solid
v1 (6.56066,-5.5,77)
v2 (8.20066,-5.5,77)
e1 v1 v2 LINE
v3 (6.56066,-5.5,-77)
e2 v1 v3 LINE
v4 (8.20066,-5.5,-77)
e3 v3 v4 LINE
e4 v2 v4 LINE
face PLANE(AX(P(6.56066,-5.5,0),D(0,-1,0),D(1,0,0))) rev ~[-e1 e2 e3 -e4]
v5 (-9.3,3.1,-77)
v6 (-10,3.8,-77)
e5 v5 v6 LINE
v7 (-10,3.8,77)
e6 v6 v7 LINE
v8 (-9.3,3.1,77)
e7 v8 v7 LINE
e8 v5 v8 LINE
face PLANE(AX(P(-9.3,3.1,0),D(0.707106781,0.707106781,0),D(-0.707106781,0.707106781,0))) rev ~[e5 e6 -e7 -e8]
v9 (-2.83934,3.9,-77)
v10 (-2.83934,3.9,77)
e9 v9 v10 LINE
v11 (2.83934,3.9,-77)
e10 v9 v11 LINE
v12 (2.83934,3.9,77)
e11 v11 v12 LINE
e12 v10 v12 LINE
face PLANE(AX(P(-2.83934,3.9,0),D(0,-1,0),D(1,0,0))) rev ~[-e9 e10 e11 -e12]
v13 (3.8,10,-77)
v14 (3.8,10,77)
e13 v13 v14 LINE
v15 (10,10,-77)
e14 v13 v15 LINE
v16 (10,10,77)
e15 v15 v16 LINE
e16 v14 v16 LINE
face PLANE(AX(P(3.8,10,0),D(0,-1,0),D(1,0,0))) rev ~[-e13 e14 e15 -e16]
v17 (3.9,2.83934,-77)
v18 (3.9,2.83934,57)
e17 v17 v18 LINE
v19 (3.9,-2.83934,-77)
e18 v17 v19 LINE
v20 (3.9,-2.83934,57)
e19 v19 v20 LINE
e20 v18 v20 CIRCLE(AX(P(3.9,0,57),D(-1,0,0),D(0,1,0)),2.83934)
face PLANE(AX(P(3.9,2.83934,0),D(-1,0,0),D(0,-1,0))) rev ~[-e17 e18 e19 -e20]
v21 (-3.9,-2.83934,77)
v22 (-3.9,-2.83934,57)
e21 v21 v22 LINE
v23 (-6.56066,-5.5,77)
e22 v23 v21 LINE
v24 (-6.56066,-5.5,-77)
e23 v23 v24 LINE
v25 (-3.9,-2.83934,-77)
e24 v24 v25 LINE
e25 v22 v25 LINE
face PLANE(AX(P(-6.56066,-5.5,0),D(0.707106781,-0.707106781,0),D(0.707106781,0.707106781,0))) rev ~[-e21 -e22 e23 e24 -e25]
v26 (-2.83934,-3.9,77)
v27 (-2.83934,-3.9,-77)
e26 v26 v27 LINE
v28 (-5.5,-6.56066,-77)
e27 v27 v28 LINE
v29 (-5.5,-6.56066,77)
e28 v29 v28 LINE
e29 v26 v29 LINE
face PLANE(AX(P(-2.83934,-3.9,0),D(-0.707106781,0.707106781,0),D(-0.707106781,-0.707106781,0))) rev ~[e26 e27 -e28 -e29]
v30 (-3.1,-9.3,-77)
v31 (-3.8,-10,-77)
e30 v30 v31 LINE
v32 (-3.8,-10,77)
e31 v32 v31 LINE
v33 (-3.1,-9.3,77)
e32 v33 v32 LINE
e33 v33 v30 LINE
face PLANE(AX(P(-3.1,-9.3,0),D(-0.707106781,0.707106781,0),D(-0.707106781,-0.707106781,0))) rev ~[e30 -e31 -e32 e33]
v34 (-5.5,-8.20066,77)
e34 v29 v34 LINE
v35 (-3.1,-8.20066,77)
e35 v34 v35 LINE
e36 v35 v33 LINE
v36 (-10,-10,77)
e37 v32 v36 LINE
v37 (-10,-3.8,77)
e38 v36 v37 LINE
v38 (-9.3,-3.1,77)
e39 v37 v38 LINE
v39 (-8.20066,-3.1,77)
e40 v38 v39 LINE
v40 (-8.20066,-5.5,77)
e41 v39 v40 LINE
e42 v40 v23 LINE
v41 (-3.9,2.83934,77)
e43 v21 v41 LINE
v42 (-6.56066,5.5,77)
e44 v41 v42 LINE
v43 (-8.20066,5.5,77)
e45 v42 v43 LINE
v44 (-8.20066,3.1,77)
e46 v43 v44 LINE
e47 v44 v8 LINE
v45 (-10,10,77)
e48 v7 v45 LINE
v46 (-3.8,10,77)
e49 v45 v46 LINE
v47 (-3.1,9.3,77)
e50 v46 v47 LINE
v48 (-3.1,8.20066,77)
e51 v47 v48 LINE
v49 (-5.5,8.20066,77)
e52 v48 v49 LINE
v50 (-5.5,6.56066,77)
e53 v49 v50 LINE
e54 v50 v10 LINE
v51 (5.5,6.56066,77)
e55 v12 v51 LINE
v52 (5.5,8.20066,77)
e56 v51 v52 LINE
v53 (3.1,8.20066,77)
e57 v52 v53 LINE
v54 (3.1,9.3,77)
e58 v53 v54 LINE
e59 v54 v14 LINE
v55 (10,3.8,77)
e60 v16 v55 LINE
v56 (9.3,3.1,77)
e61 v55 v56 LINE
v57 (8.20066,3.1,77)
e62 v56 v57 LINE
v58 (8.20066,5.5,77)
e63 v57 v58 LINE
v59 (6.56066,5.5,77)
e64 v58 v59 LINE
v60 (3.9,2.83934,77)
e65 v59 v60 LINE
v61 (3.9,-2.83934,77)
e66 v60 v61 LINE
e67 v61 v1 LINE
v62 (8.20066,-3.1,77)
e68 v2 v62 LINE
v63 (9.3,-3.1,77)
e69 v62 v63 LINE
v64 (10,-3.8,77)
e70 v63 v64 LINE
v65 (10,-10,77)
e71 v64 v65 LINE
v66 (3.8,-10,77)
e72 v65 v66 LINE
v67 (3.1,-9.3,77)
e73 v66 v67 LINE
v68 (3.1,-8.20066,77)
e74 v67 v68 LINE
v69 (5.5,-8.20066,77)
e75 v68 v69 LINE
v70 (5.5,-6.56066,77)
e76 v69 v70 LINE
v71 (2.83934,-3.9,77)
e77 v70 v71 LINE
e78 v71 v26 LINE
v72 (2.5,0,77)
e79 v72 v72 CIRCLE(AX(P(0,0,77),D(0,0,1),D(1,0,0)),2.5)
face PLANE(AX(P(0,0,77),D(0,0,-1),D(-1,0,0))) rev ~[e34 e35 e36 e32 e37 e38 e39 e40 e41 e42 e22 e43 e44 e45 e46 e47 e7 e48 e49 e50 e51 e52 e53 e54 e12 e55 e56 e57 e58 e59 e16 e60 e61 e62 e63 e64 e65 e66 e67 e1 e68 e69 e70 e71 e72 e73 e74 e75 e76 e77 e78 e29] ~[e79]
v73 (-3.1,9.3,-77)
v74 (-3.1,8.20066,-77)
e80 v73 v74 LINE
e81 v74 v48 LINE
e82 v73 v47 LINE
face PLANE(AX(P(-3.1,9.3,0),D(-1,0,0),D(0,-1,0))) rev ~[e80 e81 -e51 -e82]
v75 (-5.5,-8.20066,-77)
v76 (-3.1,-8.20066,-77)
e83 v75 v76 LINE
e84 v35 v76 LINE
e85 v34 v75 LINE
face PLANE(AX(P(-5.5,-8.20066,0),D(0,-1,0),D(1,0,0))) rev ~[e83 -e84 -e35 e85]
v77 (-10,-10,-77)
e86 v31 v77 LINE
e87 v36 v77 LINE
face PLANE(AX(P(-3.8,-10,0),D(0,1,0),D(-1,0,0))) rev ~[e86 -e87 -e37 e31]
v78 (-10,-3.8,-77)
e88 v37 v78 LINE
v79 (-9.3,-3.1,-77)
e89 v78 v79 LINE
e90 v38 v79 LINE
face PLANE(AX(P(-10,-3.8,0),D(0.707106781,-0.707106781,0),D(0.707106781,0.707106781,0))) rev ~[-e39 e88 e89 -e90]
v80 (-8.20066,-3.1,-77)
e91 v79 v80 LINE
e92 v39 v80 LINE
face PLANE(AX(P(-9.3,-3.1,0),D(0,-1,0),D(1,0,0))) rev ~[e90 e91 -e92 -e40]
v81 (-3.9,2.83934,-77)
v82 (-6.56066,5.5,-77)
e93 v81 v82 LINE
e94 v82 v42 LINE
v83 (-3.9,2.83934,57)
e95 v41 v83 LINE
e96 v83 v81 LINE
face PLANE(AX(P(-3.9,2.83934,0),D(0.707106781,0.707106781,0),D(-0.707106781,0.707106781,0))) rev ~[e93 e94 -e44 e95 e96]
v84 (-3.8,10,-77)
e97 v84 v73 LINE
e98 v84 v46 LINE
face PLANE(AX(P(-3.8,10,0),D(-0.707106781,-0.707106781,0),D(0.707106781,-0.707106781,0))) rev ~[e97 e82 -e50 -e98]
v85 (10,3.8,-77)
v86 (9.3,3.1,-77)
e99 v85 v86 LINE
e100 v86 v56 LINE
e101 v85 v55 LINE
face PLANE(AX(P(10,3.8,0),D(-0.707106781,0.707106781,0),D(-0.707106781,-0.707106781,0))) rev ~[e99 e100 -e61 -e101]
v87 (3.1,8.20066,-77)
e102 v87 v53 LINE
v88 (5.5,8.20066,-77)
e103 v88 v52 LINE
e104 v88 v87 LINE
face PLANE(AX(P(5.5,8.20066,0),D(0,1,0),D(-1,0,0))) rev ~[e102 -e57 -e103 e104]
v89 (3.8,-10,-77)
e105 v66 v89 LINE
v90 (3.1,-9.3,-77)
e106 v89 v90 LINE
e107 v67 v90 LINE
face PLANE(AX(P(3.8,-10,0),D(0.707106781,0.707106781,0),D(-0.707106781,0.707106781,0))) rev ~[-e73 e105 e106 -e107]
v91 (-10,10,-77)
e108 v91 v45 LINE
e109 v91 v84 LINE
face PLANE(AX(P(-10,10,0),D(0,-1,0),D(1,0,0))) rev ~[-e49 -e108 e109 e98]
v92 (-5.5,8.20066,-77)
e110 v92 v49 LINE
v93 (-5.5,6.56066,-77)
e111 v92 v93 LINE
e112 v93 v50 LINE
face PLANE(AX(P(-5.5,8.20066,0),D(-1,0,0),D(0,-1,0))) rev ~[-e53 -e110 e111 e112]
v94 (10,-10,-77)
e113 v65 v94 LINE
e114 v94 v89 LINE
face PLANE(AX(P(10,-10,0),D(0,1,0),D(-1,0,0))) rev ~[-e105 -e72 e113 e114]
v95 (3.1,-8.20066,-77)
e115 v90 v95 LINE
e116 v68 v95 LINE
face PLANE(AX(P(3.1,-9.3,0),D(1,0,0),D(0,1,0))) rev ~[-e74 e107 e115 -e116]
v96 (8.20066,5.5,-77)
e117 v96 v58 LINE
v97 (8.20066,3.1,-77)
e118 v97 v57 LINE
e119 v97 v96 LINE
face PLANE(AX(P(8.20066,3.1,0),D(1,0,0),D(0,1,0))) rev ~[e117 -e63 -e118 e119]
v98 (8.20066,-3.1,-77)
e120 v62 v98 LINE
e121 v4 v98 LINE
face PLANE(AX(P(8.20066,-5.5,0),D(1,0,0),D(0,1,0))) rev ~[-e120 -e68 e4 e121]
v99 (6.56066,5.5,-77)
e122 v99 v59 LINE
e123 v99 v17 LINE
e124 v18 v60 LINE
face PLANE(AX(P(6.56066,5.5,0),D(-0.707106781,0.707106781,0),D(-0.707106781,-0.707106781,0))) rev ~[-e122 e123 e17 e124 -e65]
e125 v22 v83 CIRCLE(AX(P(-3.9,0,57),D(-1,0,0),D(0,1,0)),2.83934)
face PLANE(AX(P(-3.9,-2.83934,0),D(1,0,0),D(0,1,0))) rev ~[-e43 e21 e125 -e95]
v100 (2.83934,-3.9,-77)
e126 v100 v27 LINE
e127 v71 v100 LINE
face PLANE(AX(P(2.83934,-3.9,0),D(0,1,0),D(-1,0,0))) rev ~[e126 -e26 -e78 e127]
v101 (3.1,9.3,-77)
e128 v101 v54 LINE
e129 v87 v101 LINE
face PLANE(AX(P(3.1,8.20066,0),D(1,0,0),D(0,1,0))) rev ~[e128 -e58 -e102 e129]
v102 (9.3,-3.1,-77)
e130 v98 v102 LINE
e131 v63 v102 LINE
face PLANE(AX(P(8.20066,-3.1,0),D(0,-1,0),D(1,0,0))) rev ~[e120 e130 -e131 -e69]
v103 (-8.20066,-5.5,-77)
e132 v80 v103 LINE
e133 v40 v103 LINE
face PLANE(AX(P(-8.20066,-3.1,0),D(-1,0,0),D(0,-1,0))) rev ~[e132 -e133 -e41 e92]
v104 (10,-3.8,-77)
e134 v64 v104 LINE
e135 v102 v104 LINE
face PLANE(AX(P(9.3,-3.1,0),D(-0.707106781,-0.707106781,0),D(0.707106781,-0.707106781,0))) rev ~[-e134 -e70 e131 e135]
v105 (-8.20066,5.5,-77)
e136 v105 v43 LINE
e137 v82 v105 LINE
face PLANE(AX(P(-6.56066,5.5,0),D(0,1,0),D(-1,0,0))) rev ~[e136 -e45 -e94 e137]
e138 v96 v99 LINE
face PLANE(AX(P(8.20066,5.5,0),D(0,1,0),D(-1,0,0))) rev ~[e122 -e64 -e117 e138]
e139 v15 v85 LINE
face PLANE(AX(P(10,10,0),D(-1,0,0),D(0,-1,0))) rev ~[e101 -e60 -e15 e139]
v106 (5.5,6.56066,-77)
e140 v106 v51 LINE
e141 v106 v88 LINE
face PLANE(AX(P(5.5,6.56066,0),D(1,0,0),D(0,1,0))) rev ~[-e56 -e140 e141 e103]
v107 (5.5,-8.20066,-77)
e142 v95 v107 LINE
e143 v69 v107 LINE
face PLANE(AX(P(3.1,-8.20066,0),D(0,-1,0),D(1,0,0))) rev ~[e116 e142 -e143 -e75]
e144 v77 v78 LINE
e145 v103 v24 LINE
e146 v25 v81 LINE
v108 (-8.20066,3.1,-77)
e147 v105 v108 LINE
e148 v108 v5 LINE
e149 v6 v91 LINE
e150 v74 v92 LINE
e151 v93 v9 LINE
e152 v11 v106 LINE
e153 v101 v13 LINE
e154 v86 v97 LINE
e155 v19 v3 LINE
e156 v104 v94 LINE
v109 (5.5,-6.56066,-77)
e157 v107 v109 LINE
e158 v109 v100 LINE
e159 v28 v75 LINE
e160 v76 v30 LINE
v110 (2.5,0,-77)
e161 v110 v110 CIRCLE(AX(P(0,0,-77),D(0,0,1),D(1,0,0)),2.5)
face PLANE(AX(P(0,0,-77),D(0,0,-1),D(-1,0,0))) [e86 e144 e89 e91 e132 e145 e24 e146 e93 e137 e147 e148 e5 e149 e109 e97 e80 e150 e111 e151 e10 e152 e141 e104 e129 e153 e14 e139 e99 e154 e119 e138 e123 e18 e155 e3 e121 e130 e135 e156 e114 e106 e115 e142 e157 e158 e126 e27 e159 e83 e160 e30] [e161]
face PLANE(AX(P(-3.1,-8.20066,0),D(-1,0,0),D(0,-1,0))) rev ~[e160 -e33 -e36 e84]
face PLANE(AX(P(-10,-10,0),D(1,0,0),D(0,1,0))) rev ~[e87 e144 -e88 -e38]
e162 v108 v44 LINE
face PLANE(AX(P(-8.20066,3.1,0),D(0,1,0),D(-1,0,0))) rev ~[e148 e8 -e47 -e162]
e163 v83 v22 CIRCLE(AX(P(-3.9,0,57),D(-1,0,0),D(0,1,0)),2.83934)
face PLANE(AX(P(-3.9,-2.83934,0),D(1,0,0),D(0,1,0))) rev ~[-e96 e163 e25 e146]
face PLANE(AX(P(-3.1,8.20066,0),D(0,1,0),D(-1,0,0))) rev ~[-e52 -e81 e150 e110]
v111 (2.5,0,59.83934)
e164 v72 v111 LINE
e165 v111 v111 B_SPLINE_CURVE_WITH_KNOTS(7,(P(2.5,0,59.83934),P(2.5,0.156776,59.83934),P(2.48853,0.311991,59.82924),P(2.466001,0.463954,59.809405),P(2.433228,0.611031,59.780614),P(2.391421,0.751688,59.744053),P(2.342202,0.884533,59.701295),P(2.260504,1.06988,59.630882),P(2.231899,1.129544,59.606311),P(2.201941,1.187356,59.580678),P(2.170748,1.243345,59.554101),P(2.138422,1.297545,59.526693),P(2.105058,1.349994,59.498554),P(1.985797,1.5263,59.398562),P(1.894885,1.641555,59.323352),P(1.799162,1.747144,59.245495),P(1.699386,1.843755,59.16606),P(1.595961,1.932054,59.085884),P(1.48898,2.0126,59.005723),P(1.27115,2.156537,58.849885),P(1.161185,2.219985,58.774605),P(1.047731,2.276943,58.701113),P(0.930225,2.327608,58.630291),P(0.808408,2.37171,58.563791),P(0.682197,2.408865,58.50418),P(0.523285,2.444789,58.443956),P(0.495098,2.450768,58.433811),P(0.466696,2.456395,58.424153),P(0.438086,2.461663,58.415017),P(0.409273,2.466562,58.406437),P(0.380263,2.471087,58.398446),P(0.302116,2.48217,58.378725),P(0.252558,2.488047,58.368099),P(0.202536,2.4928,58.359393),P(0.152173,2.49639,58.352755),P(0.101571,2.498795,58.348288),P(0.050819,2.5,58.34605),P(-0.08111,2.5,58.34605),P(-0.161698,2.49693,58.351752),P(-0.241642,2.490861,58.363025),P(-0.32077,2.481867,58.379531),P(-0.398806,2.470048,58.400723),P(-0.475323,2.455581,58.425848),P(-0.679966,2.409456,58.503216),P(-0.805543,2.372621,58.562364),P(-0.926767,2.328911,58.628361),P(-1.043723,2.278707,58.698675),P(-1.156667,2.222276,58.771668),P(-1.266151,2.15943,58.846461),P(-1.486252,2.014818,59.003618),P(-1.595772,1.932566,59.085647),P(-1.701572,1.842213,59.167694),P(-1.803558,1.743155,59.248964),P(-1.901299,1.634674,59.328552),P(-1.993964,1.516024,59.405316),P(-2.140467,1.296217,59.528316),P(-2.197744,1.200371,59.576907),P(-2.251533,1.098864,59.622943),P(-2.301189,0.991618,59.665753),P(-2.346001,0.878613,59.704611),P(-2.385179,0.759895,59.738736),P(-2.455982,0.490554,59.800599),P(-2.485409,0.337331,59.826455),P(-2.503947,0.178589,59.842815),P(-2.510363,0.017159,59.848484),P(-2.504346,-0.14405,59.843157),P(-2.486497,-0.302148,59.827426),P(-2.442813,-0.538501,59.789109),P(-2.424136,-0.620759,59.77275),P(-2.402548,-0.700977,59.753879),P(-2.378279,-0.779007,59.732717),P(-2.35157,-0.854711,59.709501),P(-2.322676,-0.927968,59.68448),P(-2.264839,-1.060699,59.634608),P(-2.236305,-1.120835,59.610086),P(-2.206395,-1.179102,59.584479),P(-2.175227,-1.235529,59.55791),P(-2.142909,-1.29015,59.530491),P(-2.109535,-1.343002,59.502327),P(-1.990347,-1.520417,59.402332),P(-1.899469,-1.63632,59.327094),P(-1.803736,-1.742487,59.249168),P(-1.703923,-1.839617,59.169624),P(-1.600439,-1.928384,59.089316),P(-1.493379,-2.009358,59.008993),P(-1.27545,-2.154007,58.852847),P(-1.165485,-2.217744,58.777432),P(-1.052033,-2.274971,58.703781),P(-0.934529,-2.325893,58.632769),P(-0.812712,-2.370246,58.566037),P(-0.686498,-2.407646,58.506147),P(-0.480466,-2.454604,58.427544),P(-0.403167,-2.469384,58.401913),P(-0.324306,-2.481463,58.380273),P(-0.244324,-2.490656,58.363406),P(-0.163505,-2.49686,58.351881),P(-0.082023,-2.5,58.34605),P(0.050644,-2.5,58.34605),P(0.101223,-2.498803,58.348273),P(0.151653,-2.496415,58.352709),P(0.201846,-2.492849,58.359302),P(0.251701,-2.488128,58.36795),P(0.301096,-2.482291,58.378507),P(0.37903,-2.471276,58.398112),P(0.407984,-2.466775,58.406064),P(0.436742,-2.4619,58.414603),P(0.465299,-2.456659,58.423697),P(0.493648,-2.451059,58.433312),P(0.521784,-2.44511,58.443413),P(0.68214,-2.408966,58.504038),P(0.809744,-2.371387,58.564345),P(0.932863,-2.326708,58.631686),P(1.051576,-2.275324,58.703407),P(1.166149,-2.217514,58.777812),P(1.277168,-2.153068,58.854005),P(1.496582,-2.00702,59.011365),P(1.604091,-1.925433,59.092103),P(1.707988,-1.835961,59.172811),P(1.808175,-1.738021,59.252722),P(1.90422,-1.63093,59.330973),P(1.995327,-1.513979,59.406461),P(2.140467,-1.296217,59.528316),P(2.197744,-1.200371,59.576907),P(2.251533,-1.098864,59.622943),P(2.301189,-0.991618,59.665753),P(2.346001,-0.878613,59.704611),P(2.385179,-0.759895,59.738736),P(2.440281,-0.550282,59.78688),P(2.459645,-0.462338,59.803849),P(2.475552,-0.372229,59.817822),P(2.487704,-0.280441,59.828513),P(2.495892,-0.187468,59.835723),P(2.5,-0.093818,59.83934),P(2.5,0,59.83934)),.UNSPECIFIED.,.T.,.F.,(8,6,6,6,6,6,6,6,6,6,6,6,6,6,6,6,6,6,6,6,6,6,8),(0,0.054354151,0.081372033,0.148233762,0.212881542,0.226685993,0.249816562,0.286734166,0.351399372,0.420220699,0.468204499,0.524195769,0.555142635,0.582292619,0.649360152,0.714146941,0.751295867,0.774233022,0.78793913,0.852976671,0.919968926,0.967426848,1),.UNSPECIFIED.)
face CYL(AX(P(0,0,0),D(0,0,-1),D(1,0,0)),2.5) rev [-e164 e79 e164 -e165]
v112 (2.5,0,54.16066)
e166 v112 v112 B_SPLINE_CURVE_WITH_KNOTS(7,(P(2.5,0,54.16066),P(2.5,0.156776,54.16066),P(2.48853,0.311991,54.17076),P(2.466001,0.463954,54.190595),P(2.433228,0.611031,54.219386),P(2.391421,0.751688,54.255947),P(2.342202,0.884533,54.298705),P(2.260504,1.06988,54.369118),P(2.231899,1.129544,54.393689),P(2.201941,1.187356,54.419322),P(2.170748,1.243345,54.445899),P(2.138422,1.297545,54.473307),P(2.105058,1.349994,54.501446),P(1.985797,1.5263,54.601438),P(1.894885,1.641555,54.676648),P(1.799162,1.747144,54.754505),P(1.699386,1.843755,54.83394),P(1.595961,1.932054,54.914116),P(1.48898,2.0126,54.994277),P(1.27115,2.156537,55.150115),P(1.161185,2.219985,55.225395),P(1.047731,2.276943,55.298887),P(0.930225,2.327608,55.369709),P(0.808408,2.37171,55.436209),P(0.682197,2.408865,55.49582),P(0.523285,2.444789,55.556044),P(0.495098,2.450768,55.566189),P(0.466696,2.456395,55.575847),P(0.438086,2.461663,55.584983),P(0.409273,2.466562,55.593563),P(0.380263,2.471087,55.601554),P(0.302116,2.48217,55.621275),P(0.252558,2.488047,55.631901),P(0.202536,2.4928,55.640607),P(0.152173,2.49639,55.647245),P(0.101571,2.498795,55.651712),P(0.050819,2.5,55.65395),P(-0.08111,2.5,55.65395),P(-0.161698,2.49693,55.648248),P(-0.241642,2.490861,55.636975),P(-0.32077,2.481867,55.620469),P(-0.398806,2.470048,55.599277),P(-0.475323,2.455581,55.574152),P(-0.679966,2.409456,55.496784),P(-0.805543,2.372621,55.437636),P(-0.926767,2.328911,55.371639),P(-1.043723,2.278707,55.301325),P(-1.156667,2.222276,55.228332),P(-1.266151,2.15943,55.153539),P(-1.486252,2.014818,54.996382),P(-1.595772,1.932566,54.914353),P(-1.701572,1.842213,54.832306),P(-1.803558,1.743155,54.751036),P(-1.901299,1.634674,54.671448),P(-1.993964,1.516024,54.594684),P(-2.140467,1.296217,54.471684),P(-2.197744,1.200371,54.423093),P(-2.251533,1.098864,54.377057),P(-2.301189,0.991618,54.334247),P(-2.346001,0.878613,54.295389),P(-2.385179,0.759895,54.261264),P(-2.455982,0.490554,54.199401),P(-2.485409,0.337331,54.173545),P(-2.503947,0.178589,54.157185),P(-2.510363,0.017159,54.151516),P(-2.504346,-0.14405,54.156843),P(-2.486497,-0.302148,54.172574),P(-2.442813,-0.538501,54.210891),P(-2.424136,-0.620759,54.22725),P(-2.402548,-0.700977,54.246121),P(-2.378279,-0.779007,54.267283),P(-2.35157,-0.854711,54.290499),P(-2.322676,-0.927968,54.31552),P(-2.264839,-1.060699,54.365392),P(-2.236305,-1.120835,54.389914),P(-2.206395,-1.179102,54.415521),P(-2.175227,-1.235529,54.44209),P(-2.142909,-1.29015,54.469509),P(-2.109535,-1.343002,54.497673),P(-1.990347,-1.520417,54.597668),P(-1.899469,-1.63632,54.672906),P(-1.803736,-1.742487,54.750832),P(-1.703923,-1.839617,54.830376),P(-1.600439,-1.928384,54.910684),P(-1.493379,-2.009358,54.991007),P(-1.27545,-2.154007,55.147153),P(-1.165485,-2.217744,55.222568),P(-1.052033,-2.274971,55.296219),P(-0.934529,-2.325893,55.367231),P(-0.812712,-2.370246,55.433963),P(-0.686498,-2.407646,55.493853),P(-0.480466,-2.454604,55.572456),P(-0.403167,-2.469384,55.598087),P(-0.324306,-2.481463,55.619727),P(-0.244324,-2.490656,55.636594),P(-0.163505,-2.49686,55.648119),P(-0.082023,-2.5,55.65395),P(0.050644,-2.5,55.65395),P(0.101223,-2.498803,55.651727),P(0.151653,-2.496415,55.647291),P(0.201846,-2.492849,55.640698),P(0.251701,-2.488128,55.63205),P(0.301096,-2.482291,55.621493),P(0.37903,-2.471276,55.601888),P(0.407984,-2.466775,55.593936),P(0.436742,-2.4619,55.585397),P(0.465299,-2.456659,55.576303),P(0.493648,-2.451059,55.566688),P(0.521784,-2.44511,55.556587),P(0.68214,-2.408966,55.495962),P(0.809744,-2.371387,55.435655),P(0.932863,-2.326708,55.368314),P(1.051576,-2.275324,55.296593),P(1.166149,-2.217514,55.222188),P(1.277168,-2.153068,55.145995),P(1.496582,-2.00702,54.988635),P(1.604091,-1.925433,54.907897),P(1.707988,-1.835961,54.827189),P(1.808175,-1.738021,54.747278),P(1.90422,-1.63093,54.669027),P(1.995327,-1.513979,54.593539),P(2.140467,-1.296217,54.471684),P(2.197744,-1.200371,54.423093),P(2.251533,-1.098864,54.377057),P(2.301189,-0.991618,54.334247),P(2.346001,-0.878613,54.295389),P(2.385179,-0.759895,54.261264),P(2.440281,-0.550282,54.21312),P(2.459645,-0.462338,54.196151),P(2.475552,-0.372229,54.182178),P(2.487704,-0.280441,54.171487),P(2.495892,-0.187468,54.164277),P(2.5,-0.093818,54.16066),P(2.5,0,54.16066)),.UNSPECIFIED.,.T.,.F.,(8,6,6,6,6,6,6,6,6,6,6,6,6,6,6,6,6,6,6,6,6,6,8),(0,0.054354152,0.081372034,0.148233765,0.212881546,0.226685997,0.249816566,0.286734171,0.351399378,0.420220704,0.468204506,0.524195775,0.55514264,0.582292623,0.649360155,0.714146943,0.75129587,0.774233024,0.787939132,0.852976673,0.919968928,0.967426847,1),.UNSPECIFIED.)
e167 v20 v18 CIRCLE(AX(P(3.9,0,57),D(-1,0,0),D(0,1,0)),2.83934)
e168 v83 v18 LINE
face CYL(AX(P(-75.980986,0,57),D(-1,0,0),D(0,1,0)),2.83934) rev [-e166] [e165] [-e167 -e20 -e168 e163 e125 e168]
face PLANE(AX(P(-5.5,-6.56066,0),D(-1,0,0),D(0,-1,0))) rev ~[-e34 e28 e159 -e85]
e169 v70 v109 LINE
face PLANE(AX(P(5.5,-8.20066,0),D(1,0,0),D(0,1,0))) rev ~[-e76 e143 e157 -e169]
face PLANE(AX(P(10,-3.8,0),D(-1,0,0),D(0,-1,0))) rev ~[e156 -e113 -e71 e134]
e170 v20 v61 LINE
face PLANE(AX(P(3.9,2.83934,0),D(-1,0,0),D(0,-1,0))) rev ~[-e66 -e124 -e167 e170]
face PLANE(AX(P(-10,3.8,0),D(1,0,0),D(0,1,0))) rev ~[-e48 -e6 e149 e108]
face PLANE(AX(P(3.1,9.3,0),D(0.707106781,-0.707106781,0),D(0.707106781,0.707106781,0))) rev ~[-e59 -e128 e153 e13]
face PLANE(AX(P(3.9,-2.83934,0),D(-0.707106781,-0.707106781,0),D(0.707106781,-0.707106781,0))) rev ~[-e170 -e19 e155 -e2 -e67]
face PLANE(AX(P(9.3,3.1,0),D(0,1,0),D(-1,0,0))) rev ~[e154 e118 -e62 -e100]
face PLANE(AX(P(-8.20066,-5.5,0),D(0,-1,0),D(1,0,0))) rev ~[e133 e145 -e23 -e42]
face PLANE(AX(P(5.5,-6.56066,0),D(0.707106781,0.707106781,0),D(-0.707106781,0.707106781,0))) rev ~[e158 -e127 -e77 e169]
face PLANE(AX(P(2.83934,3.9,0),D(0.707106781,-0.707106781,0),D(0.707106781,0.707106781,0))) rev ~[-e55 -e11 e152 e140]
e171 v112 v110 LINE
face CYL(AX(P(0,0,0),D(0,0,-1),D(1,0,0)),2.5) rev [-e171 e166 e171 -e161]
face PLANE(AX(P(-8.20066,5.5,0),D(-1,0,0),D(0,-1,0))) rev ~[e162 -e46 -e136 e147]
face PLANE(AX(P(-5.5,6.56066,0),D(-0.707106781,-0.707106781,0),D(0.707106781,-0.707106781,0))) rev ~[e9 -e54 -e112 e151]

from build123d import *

# Parameters (mm, degrees)
SKETCH1_R               = 2.5
BOSS_EXTRUDE1_DEPTH     = 77
CUT_EXTRUDE1_DEPTH      = 79.880986302
CUT_EXTRUDE1_DEPTH_BACK = 79.880986302
SKETCH2_R               = 2.839339828


with BuildPart() as part:
    # Sketch1 → Boss-Extrude1 (new, symmetric)
    with BuildSketch(Plane.XY):
        Polygon((3.9, -2.839339828), (6.560660172, -5.5), (8.200660172, -5.5), (8.200660172, -3.1), (9.3, -3.1), (10, -3.8), (10, -10), (3.8, -10), (3.1, -9.3), (3.1, -8.200660172), (5.5, -8.200660172), (5.5, -6.560660172), (2.839339828, -3.9), (-2.839339828, -3.9), (-5.5, -6.560660172), (-5.5, -8.200660172), (-3.1, -8.200660172), (-3.1, -9.3), (-3.8, -10), (-10, -10), (-10, -3.8), (-9.3, -3.1), (-8.200660172, -3.1), (-8.200660172, -5.5), (-6.560660172, -5.5), (-3.9, -2.839339828), (-3.9, 2.839339828), (-6.560660172, 5.5), (-8.200660172, 5.5), (-8.200660172, 3.1), (-9.3, 3.1), (-10, 3.8), (-10, 10), (-3.8, 10), (-3.1, 9.3), (-3.1, 8.200660172), (-5.5, 8.200660172), (-5.5, 6.560660172), (-2.839339828, 3.9), (2.839339828, 3.9), (5.5, 6.560660172), (5.5, 8.200660172), (3.1, 8.200660172), (3.1, 9.3), (3.8, 10), (10, 10), (10, 3.8), (9.3, 3.1), (8.200660172, 3.1), (8.200660172, 5.5), (6.560660172, 5.5), (3.9, 2.839339828), align=None)
        Circle(SKETCH1_R, mode=Mode.SUBTRACT)
    extrude(amount=BOSS_EXTRUDE1_DEPTH, both=True)

    # Sketch2 → Cut-Extrude1 (cut, two sides: drawn at the far end of the back side and taken through both)
    with BuildSketch(Plane(origin=(3.9, 0, 0), x_dir=(0, 0, -1), z_dir=(1, 0, 0)).offset(-CUT_EXTRUDE1_DEPTH_BACK)):
        with Locations(Location((-57, 0, 0), (0, 0, 90))):
            Circle(SKETCH2_R)
    extrude(amount=CUT_EXTRUDE1_DEPTH + CUT_EXTRUDE1_DEPTH_BACK, mode=Mode.SUBTRACT)


solid = part.part
